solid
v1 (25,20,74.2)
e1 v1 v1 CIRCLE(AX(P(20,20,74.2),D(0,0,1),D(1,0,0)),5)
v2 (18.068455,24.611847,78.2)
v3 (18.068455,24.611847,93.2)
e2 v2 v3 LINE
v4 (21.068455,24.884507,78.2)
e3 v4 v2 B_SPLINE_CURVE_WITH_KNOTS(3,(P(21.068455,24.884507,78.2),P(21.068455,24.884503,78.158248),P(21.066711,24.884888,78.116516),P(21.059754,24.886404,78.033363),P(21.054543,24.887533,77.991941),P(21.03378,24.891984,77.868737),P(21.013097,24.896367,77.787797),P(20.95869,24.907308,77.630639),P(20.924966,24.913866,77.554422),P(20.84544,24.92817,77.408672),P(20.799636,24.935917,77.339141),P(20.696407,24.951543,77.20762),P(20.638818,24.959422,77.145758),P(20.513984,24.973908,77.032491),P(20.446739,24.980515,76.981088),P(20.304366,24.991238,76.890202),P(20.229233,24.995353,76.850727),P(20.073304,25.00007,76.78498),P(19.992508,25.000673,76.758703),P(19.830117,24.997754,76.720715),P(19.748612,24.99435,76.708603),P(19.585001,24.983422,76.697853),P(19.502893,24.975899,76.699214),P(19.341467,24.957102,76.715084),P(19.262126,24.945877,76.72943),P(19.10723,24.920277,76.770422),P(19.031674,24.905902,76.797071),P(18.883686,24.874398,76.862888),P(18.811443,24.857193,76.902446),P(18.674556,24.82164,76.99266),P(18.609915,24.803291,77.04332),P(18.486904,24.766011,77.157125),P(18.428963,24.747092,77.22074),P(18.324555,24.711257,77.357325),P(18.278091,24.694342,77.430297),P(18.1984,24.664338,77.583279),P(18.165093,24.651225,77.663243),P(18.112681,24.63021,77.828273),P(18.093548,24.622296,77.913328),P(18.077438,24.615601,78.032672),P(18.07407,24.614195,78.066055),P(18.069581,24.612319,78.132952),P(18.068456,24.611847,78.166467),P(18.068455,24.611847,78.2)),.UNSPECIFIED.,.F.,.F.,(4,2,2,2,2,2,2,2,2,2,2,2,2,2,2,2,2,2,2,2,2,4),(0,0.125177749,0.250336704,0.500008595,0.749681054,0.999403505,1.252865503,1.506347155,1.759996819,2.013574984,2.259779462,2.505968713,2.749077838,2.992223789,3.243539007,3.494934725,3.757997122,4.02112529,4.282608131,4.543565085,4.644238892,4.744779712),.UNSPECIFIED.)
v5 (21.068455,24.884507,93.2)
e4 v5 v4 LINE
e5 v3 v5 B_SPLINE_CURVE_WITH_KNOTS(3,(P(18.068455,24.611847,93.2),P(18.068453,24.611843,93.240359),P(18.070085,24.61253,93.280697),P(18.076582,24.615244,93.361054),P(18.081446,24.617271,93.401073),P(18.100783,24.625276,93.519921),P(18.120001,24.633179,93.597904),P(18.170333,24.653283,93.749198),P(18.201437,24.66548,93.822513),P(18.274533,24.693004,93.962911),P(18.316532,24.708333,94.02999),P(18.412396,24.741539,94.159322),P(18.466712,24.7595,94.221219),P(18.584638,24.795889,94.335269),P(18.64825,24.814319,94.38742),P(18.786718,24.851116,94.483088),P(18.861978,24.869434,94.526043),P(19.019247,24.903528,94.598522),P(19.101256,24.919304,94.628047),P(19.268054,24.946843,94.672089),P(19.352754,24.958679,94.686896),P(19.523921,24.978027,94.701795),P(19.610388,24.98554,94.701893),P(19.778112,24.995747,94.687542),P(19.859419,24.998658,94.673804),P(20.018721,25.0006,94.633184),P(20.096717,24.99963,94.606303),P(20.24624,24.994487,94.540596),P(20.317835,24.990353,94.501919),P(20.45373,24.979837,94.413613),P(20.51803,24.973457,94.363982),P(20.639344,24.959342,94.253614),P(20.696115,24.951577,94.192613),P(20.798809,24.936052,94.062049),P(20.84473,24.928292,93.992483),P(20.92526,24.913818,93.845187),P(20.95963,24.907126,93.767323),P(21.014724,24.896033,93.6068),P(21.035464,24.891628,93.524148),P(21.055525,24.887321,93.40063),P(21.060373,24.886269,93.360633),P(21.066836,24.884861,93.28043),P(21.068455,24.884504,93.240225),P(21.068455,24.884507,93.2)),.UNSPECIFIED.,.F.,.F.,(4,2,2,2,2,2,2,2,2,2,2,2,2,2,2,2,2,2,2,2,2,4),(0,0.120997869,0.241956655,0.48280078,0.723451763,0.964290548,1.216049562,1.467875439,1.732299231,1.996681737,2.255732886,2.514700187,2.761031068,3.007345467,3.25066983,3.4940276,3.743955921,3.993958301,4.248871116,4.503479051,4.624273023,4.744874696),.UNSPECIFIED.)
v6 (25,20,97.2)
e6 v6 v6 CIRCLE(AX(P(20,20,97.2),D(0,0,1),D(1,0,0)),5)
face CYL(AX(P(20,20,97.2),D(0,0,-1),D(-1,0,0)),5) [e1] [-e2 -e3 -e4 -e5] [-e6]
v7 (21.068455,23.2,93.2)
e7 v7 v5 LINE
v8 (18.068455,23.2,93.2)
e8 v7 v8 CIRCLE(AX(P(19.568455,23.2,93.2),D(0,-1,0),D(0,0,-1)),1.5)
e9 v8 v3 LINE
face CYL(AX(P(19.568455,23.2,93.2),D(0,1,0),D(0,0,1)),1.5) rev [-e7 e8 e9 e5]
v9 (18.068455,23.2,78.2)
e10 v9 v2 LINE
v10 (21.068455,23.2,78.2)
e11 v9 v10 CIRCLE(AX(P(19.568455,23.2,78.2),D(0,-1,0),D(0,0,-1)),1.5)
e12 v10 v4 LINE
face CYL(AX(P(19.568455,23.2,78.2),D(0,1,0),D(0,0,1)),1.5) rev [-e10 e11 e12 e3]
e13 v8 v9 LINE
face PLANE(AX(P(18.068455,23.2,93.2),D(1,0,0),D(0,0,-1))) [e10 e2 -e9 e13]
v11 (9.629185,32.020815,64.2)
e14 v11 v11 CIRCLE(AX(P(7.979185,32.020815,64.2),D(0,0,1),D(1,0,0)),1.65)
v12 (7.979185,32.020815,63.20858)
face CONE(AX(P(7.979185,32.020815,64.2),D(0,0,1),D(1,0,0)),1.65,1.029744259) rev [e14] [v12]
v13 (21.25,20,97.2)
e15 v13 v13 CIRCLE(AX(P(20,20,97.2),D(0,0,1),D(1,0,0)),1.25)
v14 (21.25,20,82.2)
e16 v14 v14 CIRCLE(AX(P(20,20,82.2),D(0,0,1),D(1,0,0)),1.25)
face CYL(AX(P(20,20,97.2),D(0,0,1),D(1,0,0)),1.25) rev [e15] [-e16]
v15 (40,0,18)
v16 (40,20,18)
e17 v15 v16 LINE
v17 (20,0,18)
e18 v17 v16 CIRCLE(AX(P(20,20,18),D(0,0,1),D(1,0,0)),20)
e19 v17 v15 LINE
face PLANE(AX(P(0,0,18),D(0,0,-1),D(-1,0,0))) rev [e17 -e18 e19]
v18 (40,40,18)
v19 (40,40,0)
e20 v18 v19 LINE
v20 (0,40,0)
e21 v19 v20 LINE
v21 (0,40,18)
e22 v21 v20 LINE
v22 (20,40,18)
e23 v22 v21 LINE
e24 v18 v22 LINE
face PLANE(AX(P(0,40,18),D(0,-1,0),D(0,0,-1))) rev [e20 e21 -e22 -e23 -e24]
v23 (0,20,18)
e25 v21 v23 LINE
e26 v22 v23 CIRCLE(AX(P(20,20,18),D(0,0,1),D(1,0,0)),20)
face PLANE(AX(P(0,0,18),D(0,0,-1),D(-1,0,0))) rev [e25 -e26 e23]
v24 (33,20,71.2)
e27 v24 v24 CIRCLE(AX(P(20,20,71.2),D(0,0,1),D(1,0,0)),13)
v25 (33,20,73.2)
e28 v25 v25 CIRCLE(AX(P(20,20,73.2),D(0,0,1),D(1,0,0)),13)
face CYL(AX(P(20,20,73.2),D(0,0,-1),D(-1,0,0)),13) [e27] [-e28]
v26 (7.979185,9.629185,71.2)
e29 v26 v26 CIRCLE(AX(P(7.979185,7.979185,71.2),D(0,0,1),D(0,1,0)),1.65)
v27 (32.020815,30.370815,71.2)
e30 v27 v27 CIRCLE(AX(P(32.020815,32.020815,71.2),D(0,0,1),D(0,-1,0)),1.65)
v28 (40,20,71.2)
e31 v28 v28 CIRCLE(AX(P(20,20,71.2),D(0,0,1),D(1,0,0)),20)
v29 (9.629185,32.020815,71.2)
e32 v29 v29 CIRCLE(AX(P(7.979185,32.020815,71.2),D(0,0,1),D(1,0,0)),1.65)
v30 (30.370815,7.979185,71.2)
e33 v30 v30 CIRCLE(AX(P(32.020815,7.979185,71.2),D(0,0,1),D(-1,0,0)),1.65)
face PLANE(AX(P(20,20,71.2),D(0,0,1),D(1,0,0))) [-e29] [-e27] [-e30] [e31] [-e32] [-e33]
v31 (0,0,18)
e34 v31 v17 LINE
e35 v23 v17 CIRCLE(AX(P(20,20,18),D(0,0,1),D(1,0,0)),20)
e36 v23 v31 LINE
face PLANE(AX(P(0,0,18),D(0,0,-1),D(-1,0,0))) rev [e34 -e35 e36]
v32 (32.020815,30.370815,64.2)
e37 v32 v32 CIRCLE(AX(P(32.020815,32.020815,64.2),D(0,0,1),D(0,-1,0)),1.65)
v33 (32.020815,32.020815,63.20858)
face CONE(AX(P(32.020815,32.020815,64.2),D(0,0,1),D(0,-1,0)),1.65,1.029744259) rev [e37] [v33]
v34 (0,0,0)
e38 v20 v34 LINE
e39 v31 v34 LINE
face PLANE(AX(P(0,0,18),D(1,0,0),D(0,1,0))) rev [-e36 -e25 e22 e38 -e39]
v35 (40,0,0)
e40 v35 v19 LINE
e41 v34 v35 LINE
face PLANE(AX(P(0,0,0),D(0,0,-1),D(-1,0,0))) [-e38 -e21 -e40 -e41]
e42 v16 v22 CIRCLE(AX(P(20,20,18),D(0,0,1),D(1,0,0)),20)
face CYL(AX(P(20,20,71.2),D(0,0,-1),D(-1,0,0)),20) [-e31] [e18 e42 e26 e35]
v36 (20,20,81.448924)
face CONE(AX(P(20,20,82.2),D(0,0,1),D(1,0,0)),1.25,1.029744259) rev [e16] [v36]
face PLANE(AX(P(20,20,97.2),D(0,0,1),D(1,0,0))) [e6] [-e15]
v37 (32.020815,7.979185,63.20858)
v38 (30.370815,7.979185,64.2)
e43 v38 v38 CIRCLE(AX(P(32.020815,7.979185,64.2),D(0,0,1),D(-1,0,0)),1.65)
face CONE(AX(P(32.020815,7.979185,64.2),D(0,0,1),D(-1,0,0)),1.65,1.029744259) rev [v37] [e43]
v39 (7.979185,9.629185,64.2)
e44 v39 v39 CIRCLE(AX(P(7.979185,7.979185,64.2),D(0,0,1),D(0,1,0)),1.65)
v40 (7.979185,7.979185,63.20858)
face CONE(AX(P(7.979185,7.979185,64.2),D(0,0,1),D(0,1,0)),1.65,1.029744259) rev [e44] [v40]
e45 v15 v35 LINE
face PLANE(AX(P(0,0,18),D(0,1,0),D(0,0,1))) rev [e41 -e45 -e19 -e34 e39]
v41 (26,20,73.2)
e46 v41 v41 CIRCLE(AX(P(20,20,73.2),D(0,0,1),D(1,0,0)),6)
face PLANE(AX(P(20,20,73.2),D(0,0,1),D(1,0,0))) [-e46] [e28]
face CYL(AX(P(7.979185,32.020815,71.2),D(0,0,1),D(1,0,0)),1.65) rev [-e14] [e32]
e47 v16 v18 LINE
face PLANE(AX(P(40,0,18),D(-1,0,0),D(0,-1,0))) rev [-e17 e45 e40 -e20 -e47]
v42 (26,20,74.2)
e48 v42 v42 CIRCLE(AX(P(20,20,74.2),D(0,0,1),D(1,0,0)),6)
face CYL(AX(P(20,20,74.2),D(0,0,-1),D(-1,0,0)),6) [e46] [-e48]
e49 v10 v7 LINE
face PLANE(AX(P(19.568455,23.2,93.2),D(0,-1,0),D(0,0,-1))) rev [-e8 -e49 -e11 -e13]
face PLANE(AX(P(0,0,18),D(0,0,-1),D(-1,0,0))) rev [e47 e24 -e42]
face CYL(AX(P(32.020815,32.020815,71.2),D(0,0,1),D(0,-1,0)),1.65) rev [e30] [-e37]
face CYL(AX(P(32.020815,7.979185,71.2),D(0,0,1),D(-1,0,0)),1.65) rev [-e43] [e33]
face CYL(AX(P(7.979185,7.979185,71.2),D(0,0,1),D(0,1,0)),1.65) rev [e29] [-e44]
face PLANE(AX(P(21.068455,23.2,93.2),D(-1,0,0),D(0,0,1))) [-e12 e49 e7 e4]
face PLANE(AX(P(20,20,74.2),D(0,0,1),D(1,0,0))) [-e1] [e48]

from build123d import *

# Parameters (mm, degrees)
SKETCH_1_W               = 40
SKETCH_1_H               = 40
EXTRUDE_1_DEPTH          = 18
SKETCH_2_R               = 20
EXTRUDE_2_DEPTH          = 53.2
SKETCH_3_R               = 13
EXTRUDE_3_DEPTH          = 2
SKETCH_4_R               = 6
EXTRUDE_4_DEPTH          = 1
SKETCH_5_R               = 5
EXTRUDE_5_DEPTH          = 23
CUT_EXTRUDE_1_DEPTH      = 1.8
HOLE_WIZARD_M31_D        = 2.5
HOLE_WIZARD_M31_DEPTH    = 15
HOLE_WIZARD_M31_TIP      = 0.751075774
PATTERN_CIRCULAR_1_COUNT = 4


with BuildPart() as part:
    # Эскиз1 → Бобышка-Вытянуть1 (new body)
    with BuildSketch(Plane.XY):
        with Locations((20, 20)):
            Rectangle(SKETCH_1_W, SKETCH_1_H)
    extrude(amount=EXTRUDE_1_DEPTH)

    # Эскиз2 → Бобышка-Вытянуть2 (add)
    with BuildSketch(Plane.XY.offset(18)):
        with Locations((20, 20)):
            Circle(SKETCH_2_R)
    extrude(amount=EXTRUDE_2_DEPTH)

    # Эскиз3 → Бобышка-Вытянуть3 (add)
    with BuildSketch(Plane.XY.offset(71.2)):
        with Locations((20, 20)):
            Circle(SKETCH_3_R)
    extrude(amount=EXTRUDE_3_DEPTH)

    # Эскиз4 → Бобышка-Вытянуть4 (add)
    with BuildSketch(Plane.XY.offset(73.2)):
        with Locations((20, 20)):
            Circle(SKETCH_4_R)
    extrude(amount=EXTRUDE_4_DEPTH)

    # Эскиз5 → Бобышка-Вытянуть5 (add)
    with BuildSketch(Plane.XY.offset(74.2)):
        with Locations((20, 20)):
            Circle(SKETCH_5_R)
    extrude(amount=EXTRUDE_5_DEPTH)

    # Эскиз9 → Вырез-Вытянуть1 (cut)
    with BuildSketch(Plane(origin=(0, 25, 0), x_dir=(-1, 0, 0), z_dir=(0, -1, 0))):
        with BuildLine():
            Line((-21.068455004, -93.2), (-21.068455004, -78.2))
            ThreePointArc((-21.068455004, -78.2), (-19.568455004, -76.7), (-18.068455004, -78.2))
            Line((-18.068455004, -78.2), (-18.068455004, -93.2))
            ThreePointArc((-18.068455004, -93.2), (-19.568455004, -94.7), (-21.068455004, -93.2))
        make_face()
    extrude(amount=CUT_EXTRUDE_1_DEPTH, mode=Mode.SUBTRACT)

    # Отверстие обработанное метчиком M31
    with Locations(Plane.XY.offset(97.2)):
        with Locations((20, 20)):
            Hole(HOLE_WIZARD_M31_D / 2, depth=HOLE_WIZARD_M31_DEPTH)
            with Locations((0, 0, -(HOLE_WIZARD_M31_DEPTH + HOLE_WIZARD_M31_TIP / 2))):  # 118° drill point
                Cone(0, HOLE_WIZARD_M31_D / 2, HOLE_WIZARD_M31_TIP, mode=Mode.SUBTRACT)

    # Эскиз14 → Отверстие обработанное метчиком M41 (revolve, cut)
    with BuildSketch(Plane(origin=(7.97918472, 32.02081528, 71.2), x_dir=(0, -1, 0), z_dir=(1, 0, 0))):
        Polygon((0, 0), (0, 7.991420021), (1.65, 7), (1.65, 0), align=None)
    hole_wizard_m41 = revolve(axis=Axis((7.97918472, 32.02081528, 77.55), (0, 0, -1)), mode=Mode.SUBTRACT)

    # Круговой массив1: Отверстие обработанное метчиком M41 ×4 about axis
    pattern_circular_1_axis = Axis((20, 20, 0), (0, 0, 1))
    for i in range(1, PATTERN_CIRCULAR_1_COUNT):
        add(hole_wizard_m41.rotate(pattern_circular_1_axis, i * 360 / PATTERN_CIRCULAR_1_COUNT), mode=Mode.SUBTRACT)


solid = part.part
